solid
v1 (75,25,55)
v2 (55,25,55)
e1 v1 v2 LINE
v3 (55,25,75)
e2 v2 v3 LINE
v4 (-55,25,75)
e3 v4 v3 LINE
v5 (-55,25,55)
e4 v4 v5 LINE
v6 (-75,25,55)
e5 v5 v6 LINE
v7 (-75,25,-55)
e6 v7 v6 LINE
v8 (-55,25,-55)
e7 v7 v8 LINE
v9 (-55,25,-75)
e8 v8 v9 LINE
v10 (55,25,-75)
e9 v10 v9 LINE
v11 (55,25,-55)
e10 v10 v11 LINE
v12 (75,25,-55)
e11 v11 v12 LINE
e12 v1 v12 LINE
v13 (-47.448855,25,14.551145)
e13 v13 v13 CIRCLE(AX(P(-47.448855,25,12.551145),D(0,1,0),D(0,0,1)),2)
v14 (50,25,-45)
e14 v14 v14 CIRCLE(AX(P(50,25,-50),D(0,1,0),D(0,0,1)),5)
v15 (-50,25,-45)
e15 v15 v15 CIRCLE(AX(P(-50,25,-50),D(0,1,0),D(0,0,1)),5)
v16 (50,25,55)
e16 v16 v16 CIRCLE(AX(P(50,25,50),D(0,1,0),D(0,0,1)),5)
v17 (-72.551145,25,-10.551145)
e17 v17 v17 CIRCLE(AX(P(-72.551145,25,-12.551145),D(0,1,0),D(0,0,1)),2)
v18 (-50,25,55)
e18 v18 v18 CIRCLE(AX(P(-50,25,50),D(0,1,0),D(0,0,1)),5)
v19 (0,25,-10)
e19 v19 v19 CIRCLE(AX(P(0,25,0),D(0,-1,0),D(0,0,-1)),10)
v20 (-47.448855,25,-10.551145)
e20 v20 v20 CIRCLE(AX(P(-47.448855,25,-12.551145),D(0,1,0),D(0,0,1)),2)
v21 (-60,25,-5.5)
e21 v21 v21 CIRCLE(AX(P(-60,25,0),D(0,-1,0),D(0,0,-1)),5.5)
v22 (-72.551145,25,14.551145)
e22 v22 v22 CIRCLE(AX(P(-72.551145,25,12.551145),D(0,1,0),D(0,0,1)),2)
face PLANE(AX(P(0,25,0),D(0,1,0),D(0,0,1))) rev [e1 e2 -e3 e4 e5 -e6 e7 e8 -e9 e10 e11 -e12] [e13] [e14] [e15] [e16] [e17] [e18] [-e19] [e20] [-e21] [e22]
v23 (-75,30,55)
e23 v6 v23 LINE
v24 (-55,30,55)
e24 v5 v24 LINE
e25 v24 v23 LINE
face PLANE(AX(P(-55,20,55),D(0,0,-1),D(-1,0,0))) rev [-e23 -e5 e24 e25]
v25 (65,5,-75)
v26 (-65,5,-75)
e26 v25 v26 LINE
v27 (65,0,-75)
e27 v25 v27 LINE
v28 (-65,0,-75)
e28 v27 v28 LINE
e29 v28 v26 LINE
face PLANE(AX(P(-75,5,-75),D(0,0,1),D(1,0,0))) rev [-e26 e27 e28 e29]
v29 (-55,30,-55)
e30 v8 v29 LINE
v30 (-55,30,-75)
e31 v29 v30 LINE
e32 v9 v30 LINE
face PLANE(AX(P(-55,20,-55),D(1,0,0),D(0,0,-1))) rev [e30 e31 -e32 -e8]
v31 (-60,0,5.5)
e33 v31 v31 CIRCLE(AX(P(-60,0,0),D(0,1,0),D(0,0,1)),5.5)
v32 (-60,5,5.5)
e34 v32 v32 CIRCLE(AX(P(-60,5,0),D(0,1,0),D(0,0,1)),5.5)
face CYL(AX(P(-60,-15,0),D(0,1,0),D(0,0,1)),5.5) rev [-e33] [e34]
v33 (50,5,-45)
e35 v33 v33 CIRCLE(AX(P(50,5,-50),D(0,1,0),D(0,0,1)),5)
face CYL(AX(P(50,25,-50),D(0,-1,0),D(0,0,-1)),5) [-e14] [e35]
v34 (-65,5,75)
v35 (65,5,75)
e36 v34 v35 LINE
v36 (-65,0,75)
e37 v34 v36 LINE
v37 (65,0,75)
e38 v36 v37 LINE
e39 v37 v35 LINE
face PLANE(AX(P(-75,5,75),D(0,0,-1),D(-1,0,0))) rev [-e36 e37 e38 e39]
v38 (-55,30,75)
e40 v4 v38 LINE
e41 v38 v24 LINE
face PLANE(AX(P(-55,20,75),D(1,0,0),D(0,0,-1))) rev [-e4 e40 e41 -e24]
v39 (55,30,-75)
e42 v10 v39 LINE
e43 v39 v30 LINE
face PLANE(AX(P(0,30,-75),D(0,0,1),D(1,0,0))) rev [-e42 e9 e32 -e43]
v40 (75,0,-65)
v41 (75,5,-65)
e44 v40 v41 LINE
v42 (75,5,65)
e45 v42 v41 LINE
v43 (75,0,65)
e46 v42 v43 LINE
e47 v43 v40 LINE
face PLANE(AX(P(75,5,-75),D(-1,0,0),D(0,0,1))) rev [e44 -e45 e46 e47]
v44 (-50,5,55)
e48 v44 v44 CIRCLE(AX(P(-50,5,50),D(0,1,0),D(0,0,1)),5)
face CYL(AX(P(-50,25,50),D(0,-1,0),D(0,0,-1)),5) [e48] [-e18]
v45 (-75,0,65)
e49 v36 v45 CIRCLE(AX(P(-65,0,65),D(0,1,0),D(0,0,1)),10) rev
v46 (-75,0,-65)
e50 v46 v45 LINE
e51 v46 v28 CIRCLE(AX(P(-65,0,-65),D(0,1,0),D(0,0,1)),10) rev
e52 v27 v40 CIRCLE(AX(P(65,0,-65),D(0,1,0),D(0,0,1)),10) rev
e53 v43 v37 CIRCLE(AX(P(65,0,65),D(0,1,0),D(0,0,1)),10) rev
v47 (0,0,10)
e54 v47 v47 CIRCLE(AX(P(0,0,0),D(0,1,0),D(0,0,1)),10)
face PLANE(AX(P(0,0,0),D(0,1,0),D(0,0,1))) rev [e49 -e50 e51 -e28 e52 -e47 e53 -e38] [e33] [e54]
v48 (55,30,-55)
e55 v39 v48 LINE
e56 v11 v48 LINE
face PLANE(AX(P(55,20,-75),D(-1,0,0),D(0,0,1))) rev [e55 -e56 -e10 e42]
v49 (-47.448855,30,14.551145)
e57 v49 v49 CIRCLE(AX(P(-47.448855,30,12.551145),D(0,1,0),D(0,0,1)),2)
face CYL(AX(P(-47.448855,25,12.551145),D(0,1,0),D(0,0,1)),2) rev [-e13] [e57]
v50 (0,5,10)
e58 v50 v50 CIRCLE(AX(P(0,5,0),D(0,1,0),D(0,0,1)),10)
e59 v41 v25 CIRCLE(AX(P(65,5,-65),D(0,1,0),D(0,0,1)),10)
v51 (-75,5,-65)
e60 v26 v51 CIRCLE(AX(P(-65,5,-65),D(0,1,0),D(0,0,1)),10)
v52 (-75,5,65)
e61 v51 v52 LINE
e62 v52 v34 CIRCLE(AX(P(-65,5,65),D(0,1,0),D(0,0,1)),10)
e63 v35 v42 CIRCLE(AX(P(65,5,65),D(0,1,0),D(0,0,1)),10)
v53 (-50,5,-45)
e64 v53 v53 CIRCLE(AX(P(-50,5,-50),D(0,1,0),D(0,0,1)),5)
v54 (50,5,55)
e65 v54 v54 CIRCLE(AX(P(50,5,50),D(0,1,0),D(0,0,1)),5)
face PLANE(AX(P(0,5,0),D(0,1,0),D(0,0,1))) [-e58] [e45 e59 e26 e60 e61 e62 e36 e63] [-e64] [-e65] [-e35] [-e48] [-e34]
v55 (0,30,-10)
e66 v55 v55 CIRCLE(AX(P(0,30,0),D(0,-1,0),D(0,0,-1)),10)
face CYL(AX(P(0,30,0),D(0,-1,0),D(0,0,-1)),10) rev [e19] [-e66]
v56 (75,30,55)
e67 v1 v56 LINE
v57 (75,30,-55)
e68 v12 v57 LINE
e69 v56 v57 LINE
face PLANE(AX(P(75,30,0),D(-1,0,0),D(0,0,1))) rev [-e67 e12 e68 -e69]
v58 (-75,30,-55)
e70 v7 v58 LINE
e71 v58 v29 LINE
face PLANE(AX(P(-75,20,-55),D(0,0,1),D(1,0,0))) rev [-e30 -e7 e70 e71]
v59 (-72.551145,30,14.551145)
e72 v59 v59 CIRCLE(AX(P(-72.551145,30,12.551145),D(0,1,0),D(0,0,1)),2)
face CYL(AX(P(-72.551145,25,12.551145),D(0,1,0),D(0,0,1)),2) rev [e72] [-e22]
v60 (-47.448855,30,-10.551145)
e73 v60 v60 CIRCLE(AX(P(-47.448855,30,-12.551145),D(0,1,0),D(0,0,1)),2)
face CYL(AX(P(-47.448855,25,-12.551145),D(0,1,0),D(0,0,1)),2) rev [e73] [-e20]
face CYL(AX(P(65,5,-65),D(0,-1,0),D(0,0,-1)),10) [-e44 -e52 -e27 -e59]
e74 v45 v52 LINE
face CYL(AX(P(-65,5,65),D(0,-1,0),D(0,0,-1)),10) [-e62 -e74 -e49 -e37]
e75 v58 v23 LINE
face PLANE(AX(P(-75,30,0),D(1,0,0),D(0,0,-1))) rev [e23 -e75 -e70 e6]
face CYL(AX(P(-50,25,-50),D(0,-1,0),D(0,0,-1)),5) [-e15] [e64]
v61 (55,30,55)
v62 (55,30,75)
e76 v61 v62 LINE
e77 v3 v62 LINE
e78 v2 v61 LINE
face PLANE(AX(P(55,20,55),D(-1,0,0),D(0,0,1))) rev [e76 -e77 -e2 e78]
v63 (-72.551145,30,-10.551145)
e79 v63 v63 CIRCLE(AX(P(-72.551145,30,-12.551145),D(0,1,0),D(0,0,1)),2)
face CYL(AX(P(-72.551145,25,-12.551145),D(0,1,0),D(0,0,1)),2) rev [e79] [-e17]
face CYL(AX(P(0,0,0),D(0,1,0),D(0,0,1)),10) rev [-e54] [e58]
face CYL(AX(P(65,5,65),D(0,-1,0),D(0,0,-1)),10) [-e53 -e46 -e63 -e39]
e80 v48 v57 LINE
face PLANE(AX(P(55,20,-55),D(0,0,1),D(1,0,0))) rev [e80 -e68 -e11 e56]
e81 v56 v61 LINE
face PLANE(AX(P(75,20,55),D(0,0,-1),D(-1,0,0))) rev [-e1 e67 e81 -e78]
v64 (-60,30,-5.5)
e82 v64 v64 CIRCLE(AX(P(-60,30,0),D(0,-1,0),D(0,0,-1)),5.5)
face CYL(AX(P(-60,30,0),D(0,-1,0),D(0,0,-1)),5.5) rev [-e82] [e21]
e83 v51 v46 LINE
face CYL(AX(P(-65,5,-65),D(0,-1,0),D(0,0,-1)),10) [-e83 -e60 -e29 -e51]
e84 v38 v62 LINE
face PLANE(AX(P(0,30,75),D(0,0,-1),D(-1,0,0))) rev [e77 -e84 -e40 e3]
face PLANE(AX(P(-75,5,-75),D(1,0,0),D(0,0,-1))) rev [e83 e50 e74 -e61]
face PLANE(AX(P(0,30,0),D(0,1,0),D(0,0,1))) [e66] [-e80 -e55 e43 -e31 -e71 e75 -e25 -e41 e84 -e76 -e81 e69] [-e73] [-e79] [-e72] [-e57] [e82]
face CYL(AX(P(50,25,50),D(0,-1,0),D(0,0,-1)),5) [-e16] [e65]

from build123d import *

# Parameters (mm, degrees)
SKETCH2_W           = 150
SKETCH2_H           = 150
BOSS_EXTRUDE1_DEPTH = 5
SKETCH3_R           = 5
BOSS_EXTRUDE2_DEPTH = 20
SKETCH4_R           = 10
CUT_EXTRUDE1_DEPTH  = 108.935165725
SKETCH5_R           = 5.5
CUT_EXTRUDE2_DEPTH  = 20
FILLET1_R           = 10
SKETCH6_R           = 5
BOSS_EXTRUDE3_DEPTH = 5
SKETCH8_R           = 10
SKETCH8_R_2         = 5.5
CUT_EXTRUDE3_DEPTH  = 5
SKETCH9_R           = 2
SKETCH9_R_2         = 5.5
CUT_EXTRUDE4_DEPTH  = 5
SKETCH10_W          = 20
SKETCH10_H          = 20
CUT_EXTRUDE5_DEPTH  = 10


with BuildPart() as part:
    # Sketch2 → Boss-Extrude1 (new body)
    with BuildSketch(Plane(origin=(0, 0, 0), x_dir=(1, 0, 0), z_dir=(0, 1, 0))):
        Rectangle(SKETCH2_W, SKETCH2_H)
    extrude(amount=BOSS_EXTRUDE1_DEPTH)

    # Sketch3 → Boss-Extrude2 (add)
    with BuildSketch(Plane(origin=(0, 5, 0), x_dir=(1, 0, 0), z_dir=(0, 1, 0))):
        with Locations(Location((50, 50, 0), (0, 0, 270))):
            Circle(SKETCH3_R)
        with Locations(Location((50, -50, 0), (0, 0, 270))):
            Circle(SKETCH3_R)
        with Locations(Location((-50, -50, 0), (0, 0, 270))):
            Circle(SKETCH3_R)
        with Locations(Location((-50, 50, 0), (0, 0, 270))):
            Circle(SKETCH3_R)
    extrude(amount=BOSS_EXTRUDE2_DEPTH)

    # Sketch4 → Cut-Extrude1 (cut, through all)
    with BuildSketch(Plane(origin=(0, 5, 0), x_dir=(1, 0, 0), z_dir=(0, 1, 0))):
        with Locations(Location((0, 0, 0), (0, 0, 270))):
            Circle(SKETCH4_R)
    extrude(amount=-CUT_EXTRUDE1_DEPTH, mode=Mode.SUBTRACT)

    # Sketch5 → Cut-Extrude2 (cut)
    with BuildSketch(Plane(origin=(0, 5, 0), x_dir=(1, 0, 0), z_dir=(0, 1, 0))):
        with Locations(Location((-60, 0, 0), (0, 0, 270))):
            Circle(SKETCH5_R)
    extrude(amount=-CUT_EXTRUDE2_DEPTH, mode=Mode.SUBTRACT)

    # Fillet1
    fillet1_edges = [part.edges().sort_by_distance(p)[0] for p in [
        (75, 2.5, 75),
        (-75, 2.5, 75),
        (-75, 2.5, -75),
        (75, 2.5, -75),
    ]]
    fillet(fillet1_edges, radius=FILLET1_R)

    # Sketch6 → Boss-Extrude3 (add)
    with BuildSketch(Plane(origin=(0, 25, 0), x_dir=(1, 0, 0), z_dir=(0, 1, 0))):
        with BuildLine():
            Line((65, 75), (-65, 75))
            ThreePointArc((-65, 75), (-72.071067812, 72.071067812), (-75, 65))
            Line((-75, 65), (-75, -65))
            ThreePointArc((-75, -65), (-72.071067812, -72.071067812), (-65, -75))
            Line((-65, -75), (65, -75))
            ThreePointArc((65, -75), (72.071067812, -72.071067812), (75, -65))
            Line((75, -65), (75, 65))
            ThreePointArc((75, 65), (72.071067812, 72.071067812), (65, 75))
        make_face()
        with Locations(Location((-50, 50, 0), (0, 0, 270))):
            Circle(SKETCH6_R, mode=Mode.SUBTRACT)
        with Locations(Location((-50, 50, 0), (0, 0, 270))):
            Circle(SKETCH6_R)
    extrude(amount=BOSS_EXTRUDE3_DEPTH)

    # Sketch8 → Cut-Extrude3 (cut)
    with BuildSketch(Plane.XZ.offset(-25)):
        with Locations(Location((0, 0, 0), (0, 0, 90))):
            Circle(SKETCH8_R)
        with Locations(Location((-60, 0, 0), (0, 0, 90))):
            Circle(SKETCH8_R_2)
    extrude(amount=-CUT_EXTRUDE3_DEPTH, mode=Mode.SUBTRACT)

    # Sketch9 → Cut-Extrude4 (cut)
    with BuildSketch(Plane(origin=(0, 30, 0), x_dir=(1, 0, 0), z_dir=(0, 1, 0))):
        with Locations(Location((-47.448854634, 12.551145366, 0), (0, 0, 270))):
            Circle(SKETCH9_R)
        with Locations(Location((-60, 0, 0), (0, 0, 270))):
            Circle(SKETCH9_R_2)
        with Locations(Location((-47.448854634, -12.551145366, 0), (0, 0, 270))):
            Circle(SKETCH9_R)
        with Locations(Location((-72.551145366, -12.551145366, 0), (0, 0, 270))):
            Circle(SKETCH9_R)
        with Locations(Location((-72.551145366, 12.551145366, 0), (0, 0, 270))):
            Circle(SKETCH9_R)
    extrude(amount=-CUT_EXTRUDE4_DEPTH, mode=Mode.SUBTRACT)

    # Sketch10 → Cut-Extrude5 (cut)
    with BuildSketch(Plane(origin=(0, 30, 0), x_dir=(1, 0, 0), z_dir=(0, 1, 0))):
        with Locations((-65, 65)):
            Rectangle(SKETCH10_W, SKETCH10_H)
        with Locations((65, 65)):
            Rectangle(SKETCH10_W, SKETCH10_H)
        with Locations((65, -65)):
            Rectangle(SKETCH10_W, SKETCH10_H)
        with Locations((-65, -65)):
            Rectangle(SKETCH10_W, SKETCH10_H)
    extrude(amount=-CUT_EXTRUDE5_DEPTH, mode=Mode.SUBTRACT)


solid = part.part
